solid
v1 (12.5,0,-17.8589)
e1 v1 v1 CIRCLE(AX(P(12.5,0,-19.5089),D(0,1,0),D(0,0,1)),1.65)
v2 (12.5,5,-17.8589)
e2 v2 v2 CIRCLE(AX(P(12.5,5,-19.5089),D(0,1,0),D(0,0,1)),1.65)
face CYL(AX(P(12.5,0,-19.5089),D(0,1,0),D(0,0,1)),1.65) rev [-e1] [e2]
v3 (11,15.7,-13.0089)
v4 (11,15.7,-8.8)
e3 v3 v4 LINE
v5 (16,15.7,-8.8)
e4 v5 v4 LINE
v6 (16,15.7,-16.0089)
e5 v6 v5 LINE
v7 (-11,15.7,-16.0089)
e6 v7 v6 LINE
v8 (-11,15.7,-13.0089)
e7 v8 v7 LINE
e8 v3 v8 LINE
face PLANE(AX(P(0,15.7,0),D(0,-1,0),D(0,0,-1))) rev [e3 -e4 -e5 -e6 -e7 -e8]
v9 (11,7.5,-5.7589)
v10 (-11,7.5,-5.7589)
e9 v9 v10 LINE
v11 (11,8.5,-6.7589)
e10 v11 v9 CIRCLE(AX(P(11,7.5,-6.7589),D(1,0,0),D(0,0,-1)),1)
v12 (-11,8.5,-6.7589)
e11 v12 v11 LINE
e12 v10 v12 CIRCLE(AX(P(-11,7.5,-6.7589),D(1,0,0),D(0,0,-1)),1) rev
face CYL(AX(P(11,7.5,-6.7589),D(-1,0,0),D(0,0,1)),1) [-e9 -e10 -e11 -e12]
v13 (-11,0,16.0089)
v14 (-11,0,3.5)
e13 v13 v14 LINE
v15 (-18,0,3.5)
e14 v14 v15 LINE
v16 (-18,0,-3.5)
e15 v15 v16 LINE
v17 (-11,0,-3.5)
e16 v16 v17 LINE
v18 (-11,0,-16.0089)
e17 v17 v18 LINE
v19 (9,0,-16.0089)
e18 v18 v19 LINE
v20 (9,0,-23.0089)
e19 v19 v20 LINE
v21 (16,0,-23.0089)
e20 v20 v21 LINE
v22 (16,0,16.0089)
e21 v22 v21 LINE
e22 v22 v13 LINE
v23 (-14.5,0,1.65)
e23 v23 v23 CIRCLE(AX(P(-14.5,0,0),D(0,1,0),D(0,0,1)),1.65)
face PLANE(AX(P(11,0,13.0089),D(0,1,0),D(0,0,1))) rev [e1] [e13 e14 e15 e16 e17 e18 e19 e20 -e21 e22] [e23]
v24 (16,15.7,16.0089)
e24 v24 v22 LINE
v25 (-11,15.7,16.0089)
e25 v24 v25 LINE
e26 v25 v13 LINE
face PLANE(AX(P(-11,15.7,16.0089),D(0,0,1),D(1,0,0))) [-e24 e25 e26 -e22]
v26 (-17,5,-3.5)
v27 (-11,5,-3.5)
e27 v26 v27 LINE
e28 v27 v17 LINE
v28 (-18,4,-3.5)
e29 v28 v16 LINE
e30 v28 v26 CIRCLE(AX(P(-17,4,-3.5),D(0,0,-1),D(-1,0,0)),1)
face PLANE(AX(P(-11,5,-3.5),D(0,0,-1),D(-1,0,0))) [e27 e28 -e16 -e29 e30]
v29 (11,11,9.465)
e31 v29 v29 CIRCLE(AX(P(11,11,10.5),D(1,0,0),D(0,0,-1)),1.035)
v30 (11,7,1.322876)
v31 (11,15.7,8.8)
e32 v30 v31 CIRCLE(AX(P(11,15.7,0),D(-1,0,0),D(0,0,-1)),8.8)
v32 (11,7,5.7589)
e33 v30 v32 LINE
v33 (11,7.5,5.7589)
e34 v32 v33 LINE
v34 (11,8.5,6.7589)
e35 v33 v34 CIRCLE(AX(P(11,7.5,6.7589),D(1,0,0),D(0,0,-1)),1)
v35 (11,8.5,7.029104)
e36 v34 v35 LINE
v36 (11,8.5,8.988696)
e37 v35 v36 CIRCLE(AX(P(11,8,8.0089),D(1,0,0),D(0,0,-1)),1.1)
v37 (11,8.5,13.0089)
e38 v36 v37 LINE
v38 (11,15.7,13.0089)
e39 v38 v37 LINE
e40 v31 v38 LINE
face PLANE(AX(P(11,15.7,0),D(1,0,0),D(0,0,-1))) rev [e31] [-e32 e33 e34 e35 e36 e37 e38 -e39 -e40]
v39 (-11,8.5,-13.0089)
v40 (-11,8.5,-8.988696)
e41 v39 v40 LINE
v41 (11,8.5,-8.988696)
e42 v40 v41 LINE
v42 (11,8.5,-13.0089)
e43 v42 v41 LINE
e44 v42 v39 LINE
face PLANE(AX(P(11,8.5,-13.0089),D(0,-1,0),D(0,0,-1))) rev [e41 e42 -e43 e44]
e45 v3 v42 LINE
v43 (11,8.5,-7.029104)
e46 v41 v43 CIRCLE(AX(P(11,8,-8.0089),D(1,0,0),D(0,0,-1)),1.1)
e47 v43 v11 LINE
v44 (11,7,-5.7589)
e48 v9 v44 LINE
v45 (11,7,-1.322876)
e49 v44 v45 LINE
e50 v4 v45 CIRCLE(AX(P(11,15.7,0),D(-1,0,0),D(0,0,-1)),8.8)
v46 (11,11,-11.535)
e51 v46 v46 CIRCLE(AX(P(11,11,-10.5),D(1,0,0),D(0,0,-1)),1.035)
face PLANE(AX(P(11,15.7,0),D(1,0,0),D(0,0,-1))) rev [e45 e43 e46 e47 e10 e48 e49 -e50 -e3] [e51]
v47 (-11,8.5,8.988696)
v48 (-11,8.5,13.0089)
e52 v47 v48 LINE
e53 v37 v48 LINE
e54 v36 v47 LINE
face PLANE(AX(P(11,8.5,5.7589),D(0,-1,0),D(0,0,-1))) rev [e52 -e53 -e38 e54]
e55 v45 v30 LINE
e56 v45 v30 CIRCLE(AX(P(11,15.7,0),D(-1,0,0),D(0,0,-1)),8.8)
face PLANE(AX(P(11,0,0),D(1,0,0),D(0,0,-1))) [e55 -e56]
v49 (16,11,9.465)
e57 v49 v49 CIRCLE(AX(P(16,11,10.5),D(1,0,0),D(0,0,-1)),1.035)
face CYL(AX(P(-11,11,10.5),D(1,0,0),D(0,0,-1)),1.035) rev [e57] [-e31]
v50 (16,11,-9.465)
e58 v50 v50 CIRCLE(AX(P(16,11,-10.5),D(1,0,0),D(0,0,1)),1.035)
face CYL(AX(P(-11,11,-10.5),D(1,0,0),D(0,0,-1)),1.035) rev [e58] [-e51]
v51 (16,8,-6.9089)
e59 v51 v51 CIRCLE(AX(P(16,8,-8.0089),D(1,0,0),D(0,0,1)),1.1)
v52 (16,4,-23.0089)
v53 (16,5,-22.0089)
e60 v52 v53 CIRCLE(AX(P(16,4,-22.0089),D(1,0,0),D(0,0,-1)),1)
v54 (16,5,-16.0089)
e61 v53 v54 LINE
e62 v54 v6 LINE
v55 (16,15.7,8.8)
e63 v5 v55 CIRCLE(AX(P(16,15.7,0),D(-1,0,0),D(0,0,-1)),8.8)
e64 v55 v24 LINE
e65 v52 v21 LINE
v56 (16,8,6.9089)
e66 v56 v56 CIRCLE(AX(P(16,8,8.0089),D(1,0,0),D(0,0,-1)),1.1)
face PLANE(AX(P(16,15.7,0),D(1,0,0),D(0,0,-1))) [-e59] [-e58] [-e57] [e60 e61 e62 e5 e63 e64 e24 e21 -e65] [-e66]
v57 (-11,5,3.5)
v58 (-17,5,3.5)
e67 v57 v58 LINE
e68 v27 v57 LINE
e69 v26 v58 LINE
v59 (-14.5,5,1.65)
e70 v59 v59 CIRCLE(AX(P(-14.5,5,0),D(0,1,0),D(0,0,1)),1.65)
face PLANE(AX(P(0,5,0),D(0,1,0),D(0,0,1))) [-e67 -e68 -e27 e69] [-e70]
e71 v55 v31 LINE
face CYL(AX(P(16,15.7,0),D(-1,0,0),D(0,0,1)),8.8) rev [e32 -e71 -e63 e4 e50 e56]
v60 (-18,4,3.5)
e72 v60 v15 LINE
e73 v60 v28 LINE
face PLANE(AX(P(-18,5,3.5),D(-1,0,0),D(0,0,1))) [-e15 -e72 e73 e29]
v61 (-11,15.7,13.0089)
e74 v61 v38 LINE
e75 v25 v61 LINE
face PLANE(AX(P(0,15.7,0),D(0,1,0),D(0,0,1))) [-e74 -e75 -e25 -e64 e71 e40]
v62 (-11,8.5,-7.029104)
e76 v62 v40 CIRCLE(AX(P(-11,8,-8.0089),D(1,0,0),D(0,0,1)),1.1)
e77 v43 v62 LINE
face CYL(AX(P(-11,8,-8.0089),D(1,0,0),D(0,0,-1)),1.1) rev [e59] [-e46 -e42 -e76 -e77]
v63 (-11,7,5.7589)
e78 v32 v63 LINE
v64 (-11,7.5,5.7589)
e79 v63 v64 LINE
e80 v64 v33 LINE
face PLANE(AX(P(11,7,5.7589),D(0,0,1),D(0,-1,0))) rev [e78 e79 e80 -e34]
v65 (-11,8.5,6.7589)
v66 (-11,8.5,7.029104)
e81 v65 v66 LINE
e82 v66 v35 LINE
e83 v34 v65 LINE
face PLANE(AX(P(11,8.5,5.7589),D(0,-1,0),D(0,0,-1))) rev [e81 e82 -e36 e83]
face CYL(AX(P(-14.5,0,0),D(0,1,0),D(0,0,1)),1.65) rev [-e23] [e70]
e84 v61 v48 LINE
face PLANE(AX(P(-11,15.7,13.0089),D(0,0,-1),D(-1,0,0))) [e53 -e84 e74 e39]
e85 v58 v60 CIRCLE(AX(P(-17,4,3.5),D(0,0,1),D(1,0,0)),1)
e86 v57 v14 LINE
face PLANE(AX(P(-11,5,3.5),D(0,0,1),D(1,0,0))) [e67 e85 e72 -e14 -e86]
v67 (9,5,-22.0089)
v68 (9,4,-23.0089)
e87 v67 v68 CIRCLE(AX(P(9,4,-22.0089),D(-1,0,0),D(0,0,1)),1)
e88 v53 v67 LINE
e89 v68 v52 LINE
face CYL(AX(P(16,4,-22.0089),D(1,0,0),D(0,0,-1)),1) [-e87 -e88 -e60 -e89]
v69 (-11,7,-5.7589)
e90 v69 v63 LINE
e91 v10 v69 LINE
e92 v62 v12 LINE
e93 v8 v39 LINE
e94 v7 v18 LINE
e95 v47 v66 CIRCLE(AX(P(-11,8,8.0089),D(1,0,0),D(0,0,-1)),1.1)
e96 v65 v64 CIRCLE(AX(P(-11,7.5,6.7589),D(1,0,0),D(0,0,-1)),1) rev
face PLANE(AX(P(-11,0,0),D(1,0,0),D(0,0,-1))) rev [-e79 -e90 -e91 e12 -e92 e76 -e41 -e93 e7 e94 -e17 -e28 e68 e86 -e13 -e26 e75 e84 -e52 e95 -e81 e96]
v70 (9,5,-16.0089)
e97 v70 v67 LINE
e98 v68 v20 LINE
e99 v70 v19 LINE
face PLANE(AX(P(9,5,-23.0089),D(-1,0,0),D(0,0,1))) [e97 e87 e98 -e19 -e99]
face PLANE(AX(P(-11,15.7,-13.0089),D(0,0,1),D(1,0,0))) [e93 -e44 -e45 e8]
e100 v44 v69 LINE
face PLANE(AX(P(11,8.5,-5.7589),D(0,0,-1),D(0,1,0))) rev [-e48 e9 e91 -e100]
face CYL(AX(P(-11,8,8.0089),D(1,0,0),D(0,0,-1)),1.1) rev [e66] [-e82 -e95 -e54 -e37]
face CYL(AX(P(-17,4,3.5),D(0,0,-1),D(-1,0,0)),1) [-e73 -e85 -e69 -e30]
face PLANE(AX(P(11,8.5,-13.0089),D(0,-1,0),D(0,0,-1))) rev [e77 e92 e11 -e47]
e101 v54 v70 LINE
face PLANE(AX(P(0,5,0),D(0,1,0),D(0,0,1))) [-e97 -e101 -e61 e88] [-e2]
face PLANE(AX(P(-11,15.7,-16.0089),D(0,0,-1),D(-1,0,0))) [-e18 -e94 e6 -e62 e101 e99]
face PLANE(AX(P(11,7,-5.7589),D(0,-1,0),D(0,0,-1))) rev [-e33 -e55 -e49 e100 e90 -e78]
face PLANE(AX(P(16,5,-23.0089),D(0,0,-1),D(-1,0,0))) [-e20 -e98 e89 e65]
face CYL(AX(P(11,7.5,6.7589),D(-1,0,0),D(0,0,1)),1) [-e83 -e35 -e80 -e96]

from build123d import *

# Parameters (mm, degrees)
BOSS_EXTRUDE1_DEPTH = 11
SKETCH3_W           = 22
SKETCH3_H           = 3
BOSS_EXTRUDE2_DEPTH = 15.7
BOSS_EXTRUDE3_DEPTH = 5
SKETCH5_R           = 1.035
SKETCH5_R_2         = 1.1
CUT_EXTRUDE1_DEPTH  = 36.096650541
SKETCH6_W           = 7
SKETCH6_H           = 7
BOSS_EXTRUDE4_DEPTH = 5
SKETCH7_R           = 1.65
CUT_EXTRUDE2_DEPTH  = 32.1110829
FILLET1_R           = 1


with BuildPart() as part:
    # Sketch1 → Boss-Extrude1 (new, symmetric)
    with BuildSketch(Plane(origin=(0, 0, 0), x_dir=(0, 0, -1), z_dir=(1, 0, 0))):
        Polygon((-13.0089, 0), (13.0089, 0), (13.0089, 8.5), (5.7589, 8.5), (5.7589, 7), (-5.7589, 7), (-5.7589, 8.5), (-13.0089, 8.5), align=None)
    extrude(amount=BOSS_EXTRUDE1_DEPTH, both=True)

    # Sketch3 → Boss-Extrude2 (add)
    with BuildSketch(Plane.XZ):
        with Locations((0, -14.5089)):
            Rectangle(SKETCH3_W, SKETCH3_H)
        with Locations((0, 14.5089)):
            Rectangle(SKETCH3_W, SKETCH3_H)
    extrude(amount=-BOSS_EXTRUDE2_DEPTH)

    # Sketch4 → Boss-Extrude3 (add)
    with BuildSketch(Plane(origin=(11, 0, 0), x_dir=(0, 0, -1), z_dir=(1, 0, 0))):
        with BuildLine():
            Line((-8.8, 15.7), (-16.0089, 15.7))
            Line((-16.0089, 15.7), (-16.0089, 0))
            Line((-16.0089, 0), (16.0089, 0))
            Line((16.0089, 0), (16.0089, 15.7))
            Line((16.0089, 15.7), (8.8, 15.7))
            ThreePointArc((8.8, 15.7), (0, 6.9), (-8.8, 15.7))
        make_face()
    extrude(amount=BOSS_EXTRUDE3_DEPTH)

    # Sketch5 → Cut-Extrude1 (cut, through all)
    with BuildSketch(Plane(origin=(16, 0, 0), x_dir=(0, 0, -1), z_dir=(1, 0, 0))):
        with Locations((-10.5, 11)):
            Circle(SKETCH5_R)
        with Locations((10.5, 11)):
            Circle(SKETCH5_R)
        with Locations((-8.0089, 8)):
            Circle(SKETCH5_R_2)
        with Locations(Location((8.0089, 8, 0), (0, 0, 27.035691789))):
            Circle(SKETCH5_R_2)
    extrude(amount=-CUT_EXTRUDE1_DEPTH, mode=Mode.SUBTRACT)

    # Sketch6 → Boss-Extrude4 (add)
    with BuildSketch(Plane.XZ):
        with Locations((12.5, -19.5089)):
            Rectangle(SKETCH6_W, SKETCH6_H)
        with Locations((-14.5, 0)):
            Rectangle(SKETCH6_W, SKETCH6_H)
    extrude(amount=-BOSS_EXTRUDE4_DEPTH)

    # Sketch7 → Cut-Extrude2 (cut, through all)
    with BuildSketch(Plane(origin=(0, 5, 0), x_dir=(1, 0, 0), z_dir=(0, 1, 0))):
        with Locations(Location((-14.5, 0, 0), (0, 0, 270))):
            Circle(SKETCH7_R)
        with Locations(Location((12.5, 19.5089, 0), (0, 0, 270))):
            Circle(SKETCH7_R)
    extrude(amount=-CUT_EXTRUDE2_DEPTH, mode=Mode.SUBTRACT)

    # Fillet1
    fillet1_edges = [part.edges().sort_by_distance(p)[0] for p in [
        (-18, 5, 0),
        (12.5, 5, -23.0089),
        (0, 8.5, 5.7589),
        (0, 8.5, -5.7589),
    ]]
    fillet(fillet1_edges, radius=FILLET1_R)


solid = part.part
